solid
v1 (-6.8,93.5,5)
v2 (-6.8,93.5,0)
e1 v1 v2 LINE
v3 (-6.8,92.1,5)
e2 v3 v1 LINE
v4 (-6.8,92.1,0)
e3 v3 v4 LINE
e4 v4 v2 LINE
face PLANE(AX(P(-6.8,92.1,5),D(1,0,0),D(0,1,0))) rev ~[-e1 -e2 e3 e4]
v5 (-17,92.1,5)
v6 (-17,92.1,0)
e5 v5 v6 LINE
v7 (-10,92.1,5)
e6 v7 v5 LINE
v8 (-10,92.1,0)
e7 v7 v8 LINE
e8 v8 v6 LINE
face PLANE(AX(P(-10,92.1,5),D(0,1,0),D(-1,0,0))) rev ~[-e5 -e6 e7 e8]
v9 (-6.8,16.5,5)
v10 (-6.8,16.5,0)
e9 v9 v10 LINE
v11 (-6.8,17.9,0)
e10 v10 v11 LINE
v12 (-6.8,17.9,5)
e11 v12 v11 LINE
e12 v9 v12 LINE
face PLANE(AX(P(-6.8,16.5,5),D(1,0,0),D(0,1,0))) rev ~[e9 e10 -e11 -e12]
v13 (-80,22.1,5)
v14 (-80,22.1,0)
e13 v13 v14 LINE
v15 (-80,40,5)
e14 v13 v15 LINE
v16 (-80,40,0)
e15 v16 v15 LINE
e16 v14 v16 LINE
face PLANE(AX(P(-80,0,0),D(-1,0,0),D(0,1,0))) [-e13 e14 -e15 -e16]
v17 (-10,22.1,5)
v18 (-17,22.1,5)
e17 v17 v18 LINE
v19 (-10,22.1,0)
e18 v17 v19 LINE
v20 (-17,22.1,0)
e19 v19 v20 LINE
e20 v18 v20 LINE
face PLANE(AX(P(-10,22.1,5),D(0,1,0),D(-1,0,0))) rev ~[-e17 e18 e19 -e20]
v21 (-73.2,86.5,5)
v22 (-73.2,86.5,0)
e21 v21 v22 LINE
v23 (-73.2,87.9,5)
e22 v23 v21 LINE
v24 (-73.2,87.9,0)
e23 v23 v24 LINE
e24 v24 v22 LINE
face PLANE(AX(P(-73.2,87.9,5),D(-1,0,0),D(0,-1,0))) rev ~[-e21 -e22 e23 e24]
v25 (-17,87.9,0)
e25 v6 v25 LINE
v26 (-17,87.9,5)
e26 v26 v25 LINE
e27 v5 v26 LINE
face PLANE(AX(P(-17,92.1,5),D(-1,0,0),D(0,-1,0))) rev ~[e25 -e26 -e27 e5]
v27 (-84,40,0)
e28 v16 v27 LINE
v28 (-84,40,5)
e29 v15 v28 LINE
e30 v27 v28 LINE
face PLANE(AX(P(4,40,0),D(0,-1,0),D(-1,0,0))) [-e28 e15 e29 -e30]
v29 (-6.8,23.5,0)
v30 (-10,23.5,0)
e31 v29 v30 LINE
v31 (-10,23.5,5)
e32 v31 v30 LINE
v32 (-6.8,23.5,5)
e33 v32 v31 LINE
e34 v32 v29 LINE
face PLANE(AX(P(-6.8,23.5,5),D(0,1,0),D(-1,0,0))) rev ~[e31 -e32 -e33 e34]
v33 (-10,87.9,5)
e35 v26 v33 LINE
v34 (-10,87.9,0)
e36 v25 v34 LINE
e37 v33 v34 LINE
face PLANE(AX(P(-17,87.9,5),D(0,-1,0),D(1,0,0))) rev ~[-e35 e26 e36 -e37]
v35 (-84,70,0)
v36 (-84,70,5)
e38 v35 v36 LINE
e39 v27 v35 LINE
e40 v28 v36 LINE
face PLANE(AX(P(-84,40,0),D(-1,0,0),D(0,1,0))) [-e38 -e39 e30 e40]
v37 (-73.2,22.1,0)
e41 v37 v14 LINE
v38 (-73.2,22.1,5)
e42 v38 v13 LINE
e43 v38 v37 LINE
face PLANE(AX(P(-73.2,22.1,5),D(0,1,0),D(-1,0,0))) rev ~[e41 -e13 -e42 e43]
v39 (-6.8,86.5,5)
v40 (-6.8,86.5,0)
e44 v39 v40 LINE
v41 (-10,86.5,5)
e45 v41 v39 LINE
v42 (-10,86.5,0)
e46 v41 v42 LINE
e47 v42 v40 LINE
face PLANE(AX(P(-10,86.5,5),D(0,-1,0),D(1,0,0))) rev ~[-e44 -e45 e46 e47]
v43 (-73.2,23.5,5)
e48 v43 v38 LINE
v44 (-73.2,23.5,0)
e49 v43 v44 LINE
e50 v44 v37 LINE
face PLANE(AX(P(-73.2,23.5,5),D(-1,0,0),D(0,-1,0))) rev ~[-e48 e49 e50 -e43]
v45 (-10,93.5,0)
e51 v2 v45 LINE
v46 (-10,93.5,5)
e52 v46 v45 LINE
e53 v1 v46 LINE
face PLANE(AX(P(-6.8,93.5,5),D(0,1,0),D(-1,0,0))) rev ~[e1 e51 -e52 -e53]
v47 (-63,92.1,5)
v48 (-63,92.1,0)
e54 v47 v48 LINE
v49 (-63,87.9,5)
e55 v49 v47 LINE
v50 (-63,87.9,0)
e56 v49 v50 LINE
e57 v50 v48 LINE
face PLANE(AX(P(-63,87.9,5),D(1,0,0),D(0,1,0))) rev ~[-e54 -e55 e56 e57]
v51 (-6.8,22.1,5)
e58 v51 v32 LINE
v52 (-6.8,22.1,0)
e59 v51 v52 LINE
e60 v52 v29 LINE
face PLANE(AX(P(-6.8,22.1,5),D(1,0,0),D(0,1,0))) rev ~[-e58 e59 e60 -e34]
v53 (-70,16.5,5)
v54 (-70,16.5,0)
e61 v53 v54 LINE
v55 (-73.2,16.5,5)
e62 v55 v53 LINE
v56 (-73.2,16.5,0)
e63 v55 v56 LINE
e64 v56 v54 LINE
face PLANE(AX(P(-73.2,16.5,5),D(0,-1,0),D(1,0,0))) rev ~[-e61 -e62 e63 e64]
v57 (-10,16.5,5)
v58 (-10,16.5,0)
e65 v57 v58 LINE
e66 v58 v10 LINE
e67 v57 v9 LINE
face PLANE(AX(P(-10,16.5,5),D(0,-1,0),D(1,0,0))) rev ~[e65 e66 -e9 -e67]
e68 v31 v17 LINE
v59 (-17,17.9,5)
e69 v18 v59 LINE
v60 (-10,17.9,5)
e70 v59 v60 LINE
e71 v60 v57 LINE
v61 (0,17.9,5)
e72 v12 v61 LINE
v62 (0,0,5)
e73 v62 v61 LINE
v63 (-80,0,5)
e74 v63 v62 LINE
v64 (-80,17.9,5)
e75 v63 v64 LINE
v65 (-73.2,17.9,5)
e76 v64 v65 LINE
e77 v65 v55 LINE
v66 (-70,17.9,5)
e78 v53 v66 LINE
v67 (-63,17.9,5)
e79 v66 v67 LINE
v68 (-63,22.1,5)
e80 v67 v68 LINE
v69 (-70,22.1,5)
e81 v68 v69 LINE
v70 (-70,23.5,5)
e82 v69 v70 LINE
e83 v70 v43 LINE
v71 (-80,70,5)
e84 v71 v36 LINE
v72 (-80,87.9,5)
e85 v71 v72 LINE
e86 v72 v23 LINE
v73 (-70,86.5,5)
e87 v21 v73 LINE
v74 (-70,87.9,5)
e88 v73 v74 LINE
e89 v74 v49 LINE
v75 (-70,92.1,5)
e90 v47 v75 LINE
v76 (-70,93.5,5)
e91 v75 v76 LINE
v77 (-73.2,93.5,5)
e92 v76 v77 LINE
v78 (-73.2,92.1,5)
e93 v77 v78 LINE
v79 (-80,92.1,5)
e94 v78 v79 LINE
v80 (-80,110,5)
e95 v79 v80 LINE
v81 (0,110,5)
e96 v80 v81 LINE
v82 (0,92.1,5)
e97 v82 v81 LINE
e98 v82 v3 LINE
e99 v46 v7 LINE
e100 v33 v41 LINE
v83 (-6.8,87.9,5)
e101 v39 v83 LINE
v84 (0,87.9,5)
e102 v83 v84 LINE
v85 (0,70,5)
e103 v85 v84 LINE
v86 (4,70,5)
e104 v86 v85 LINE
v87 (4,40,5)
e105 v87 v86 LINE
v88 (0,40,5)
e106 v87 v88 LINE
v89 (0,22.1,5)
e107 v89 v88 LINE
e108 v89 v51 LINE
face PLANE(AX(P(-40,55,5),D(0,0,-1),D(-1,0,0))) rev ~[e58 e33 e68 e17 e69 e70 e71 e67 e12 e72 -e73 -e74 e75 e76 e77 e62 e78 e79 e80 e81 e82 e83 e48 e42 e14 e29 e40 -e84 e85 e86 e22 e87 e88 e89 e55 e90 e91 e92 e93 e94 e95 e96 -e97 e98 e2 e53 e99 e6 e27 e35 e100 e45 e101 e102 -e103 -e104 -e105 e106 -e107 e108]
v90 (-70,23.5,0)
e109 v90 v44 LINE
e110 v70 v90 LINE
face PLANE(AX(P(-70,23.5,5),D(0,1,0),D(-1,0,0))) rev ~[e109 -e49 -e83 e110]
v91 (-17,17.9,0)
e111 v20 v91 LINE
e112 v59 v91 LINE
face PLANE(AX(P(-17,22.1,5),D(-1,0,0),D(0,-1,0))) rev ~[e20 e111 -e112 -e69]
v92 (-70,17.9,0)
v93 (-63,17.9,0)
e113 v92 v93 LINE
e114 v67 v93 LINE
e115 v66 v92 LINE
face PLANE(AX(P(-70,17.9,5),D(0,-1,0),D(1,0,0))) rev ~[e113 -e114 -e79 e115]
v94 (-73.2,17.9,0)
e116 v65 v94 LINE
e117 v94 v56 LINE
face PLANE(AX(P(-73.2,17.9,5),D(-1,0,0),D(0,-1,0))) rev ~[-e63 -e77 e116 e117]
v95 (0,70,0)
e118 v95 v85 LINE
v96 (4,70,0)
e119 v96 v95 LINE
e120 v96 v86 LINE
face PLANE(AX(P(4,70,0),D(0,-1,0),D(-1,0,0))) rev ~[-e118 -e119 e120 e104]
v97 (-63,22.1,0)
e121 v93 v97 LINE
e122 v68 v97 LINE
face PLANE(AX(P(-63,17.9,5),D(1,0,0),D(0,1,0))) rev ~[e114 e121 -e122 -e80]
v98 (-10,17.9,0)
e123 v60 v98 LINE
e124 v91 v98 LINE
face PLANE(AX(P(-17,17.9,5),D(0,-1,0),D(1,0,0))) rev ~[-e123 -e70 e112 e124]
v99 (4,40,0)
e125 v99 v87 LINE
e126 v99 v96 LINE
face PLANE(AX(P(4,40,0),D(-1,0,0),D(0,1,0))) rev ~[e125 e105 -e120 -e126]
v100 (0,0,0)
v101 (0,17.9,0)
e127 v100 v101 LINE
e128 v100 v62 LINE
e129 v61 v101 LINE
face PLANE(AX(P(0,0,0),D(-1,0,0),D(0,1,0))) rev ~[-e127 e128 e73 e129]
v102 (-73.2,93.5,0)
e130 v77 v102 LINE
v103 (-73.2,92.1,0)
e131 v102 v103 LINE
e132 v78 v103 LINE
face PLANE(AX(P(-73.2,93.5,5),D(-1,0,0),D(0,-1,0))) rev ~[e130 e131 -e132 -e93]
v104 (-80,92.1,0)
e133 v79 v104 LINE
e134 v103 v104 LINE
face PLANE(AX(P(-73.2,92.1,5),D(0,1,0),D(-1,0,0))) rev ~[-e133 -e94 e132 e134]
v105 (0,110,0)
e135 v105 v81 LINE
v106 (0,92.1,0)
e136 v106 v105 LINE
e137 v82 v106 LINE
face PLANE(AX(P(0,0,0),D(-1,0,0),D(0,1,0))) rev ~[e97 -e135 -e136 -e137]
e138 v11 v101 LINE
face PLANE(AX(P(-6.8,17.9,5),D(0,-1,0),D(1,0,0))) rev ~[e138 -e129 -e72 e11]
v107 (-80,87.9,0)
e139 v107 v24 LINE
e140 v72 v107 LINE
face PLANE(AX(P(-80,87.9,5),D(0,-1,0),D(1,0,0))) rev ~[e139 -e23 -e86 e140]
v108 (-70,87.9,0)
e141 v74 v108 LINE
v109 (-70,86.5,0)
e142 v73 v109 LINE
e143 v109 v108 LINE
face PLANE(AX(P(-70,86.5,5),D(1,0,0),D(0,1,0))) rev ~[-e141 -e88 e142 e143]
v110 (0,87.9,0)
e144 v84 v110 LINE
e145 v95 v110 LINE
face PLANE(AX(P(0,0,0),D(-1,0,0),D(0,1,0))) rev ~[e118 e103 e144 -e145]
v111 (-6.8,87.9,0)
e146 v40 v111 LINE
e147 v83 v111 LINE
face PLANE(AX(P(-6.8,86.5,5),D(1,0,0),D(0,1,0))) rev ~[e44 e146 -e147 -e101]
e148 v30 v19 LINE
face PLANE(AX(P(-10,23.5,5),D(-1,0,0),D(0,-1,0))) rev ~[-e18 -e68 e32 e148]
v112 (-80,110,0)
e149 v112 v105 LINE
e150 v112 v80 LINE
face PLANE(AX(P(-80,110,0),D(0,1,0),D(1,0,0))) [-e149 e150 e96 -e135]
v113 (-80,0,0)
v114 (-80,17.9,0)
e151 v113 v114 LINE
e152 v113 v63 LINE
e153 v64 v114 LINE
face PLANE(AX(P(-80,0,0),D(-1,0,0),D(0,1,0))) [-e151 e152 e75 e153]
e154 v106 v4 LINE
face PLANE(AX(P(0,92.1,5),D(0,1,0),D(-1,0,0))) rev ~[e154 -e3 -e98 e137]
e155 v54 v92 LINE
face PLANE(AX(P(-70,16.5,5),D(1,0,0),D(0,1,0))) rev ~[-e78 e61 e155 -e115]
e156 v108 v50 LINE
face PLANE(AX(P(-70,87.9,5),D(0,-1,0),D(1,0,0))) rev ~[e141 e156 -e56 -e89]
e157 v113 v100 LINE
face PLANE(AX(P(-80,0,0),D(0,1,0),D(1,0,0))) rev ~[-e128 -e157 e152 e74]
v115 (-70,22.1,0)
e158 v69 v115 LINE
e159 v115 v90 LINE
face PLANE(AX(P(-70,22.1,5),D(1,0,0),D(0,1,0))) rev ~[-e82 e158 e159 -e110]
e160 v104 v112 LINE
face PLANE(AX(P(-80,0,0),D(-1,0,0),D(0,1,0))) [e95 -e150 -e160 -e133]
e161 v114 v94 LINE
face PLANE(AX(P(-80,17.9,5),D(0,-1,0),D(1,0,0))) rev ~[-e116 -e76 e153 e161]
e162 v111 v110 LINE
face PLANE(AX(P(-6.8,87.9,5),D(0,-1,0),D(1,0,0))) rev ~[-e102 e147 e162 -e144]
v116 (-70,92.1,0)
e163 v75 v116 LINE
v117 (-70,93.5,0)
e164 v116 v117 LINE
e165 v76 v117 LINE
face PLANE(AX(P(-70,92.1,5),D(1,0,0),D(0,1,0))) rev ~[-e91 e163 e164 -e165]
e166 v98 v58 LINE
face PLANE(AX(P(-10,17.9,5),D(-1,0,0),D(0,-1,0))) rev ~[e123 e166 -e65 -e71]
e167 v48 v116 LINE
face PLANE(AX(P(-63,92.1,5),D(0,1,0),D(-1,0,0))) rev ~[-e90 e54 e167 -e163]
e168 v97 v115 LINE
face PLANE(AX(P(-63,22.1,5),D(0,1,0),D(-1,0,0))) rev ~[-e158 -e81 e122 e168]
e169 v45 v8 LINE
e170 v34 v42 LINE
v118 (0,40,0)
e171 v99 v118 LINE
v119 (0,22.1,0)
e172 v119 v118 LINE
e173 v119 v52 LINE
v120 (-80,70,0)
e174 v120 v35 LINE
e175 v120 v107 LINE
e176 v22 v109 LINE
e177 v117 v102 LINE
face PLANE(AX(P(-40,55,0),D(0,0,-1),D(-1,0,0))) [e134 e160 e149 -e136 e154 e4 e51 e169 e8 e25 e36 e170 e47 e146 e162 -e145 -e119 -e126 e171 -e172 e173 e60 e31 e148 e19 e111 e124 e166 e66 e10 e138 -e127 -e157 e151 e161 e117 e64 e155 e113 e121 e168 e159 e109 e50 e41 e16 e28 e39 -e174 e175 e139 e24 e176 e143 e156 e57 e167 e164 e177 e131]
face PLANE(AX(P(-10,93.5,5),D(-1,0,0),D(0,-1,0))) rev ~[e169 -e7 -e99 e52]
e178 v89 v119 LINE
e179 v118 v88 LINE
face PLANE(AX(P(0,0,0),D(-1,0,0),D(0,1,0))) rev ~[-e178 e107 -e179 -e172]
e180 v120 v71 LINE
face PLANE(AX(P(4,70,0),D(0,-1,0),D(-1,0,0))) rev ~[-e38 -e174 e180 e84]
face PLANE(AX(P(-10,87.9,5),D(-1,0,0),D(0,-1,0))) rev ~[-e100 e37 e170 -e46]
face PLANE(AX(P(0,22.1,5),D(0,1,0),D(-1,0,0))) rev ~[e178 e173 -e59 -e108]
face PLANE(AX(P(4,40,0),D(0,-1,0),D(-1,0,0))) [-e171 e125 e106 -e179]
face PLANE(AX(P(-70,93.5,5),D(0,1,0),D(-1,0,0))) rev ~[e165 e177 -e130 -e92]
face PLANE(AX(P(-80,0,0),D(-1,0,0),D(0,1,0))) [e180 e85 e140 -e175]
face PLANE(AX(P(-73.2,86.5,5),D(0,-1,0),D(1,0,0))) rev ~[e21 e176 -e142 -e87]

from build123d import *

# Parameters (mm, degrees)
ESQUISSE1_W             = 80
ESQUISSE1_H             = 110
BOSS_EXTRU_1_DEPTH      = 5
ENL_V_MAT_EXTRU_2_DEPTH = 137.106575888
ESQUISSE4_W             = 88
ESQUISSE4_H             = 30
BOSS_EXTRU_2_DEPTH      = 5


with BuildPart() as part:
    # Esquisse1 → Boss.-Extru.1 (new body)
    with BuildSketch(Plane.XY):
        with Locations((-40, 55)):
            Rectangle(ESQUISSE1_W, ESQUISSE1_H)
    extrude(amount=BOSS_EXTRU_1_DEPTH)

    # Esquisse3 → Enlèv. mat.-Extru.2 (cut, through all)
    with BuildSketch(Plane.XY.offset(5)):
        Polygon((-17, 87.9), (-10, 87.9), (-10, 86.5), (-6.8, 86.5), (-6.8, 87.9), (0, 87.9), (0, 92.1), (-6.8, 92.1), (-6.8, 93.5), (-10, 93.5), (-10, 92.1), (-17, 92.1), align=None)
        Polygon((-80, 92.1), (-80, 87.9), (-73.2, 87.9), (-73.2, 86.5), (-70, 86.5), (-70, 87.9), (-63, 87.9), (-63, 92.1), (-70, 92.1), (-70, 93.5), (-73.2, 93.5), (-73.2, 92.1), align=None)
        Polygon((-73.2, 22.1), (-80, 22.1), (-80, 17.9), (-73.2, 17.9), (-73.2, 16.5), (-70, 16.5), (-70, 17.9), (-63, 17.9), (-63, 22.1), (-70, 22.1), (-70, 23.5), (-73.2, 23.5), align=None)
        Polygon((0, 17.9), (0, 22.1), (-6.8, 22.1), (-6.8, 23.5), (-10, 23.5), (-10, 22.1), (-17, 22.1), (-17, 17.9), (-10, 17.9), (-10, 16.5), (-6.8, 16.5), (-6.8, 17.9), align=None)
    extrude(amount=-ENL_V_MAT_EXTRU_2_DEPTH, mode=Mode.SUBTRACT)

    # Esquisse4 → Boss.-Extru.2 (add)
    with BuildSketch(Plane(origin=(0, 0, 0), x_dir=(-1, 0, 0), z_dir=(0, 0, -1))):
        with Locations((40, 55)):
            Rectangle(ESQUISSE4_W, ESQUISSE4_H)
    extrude(amount=-BOSS_EXTRU_2_DEPTH)


solid = part.part
